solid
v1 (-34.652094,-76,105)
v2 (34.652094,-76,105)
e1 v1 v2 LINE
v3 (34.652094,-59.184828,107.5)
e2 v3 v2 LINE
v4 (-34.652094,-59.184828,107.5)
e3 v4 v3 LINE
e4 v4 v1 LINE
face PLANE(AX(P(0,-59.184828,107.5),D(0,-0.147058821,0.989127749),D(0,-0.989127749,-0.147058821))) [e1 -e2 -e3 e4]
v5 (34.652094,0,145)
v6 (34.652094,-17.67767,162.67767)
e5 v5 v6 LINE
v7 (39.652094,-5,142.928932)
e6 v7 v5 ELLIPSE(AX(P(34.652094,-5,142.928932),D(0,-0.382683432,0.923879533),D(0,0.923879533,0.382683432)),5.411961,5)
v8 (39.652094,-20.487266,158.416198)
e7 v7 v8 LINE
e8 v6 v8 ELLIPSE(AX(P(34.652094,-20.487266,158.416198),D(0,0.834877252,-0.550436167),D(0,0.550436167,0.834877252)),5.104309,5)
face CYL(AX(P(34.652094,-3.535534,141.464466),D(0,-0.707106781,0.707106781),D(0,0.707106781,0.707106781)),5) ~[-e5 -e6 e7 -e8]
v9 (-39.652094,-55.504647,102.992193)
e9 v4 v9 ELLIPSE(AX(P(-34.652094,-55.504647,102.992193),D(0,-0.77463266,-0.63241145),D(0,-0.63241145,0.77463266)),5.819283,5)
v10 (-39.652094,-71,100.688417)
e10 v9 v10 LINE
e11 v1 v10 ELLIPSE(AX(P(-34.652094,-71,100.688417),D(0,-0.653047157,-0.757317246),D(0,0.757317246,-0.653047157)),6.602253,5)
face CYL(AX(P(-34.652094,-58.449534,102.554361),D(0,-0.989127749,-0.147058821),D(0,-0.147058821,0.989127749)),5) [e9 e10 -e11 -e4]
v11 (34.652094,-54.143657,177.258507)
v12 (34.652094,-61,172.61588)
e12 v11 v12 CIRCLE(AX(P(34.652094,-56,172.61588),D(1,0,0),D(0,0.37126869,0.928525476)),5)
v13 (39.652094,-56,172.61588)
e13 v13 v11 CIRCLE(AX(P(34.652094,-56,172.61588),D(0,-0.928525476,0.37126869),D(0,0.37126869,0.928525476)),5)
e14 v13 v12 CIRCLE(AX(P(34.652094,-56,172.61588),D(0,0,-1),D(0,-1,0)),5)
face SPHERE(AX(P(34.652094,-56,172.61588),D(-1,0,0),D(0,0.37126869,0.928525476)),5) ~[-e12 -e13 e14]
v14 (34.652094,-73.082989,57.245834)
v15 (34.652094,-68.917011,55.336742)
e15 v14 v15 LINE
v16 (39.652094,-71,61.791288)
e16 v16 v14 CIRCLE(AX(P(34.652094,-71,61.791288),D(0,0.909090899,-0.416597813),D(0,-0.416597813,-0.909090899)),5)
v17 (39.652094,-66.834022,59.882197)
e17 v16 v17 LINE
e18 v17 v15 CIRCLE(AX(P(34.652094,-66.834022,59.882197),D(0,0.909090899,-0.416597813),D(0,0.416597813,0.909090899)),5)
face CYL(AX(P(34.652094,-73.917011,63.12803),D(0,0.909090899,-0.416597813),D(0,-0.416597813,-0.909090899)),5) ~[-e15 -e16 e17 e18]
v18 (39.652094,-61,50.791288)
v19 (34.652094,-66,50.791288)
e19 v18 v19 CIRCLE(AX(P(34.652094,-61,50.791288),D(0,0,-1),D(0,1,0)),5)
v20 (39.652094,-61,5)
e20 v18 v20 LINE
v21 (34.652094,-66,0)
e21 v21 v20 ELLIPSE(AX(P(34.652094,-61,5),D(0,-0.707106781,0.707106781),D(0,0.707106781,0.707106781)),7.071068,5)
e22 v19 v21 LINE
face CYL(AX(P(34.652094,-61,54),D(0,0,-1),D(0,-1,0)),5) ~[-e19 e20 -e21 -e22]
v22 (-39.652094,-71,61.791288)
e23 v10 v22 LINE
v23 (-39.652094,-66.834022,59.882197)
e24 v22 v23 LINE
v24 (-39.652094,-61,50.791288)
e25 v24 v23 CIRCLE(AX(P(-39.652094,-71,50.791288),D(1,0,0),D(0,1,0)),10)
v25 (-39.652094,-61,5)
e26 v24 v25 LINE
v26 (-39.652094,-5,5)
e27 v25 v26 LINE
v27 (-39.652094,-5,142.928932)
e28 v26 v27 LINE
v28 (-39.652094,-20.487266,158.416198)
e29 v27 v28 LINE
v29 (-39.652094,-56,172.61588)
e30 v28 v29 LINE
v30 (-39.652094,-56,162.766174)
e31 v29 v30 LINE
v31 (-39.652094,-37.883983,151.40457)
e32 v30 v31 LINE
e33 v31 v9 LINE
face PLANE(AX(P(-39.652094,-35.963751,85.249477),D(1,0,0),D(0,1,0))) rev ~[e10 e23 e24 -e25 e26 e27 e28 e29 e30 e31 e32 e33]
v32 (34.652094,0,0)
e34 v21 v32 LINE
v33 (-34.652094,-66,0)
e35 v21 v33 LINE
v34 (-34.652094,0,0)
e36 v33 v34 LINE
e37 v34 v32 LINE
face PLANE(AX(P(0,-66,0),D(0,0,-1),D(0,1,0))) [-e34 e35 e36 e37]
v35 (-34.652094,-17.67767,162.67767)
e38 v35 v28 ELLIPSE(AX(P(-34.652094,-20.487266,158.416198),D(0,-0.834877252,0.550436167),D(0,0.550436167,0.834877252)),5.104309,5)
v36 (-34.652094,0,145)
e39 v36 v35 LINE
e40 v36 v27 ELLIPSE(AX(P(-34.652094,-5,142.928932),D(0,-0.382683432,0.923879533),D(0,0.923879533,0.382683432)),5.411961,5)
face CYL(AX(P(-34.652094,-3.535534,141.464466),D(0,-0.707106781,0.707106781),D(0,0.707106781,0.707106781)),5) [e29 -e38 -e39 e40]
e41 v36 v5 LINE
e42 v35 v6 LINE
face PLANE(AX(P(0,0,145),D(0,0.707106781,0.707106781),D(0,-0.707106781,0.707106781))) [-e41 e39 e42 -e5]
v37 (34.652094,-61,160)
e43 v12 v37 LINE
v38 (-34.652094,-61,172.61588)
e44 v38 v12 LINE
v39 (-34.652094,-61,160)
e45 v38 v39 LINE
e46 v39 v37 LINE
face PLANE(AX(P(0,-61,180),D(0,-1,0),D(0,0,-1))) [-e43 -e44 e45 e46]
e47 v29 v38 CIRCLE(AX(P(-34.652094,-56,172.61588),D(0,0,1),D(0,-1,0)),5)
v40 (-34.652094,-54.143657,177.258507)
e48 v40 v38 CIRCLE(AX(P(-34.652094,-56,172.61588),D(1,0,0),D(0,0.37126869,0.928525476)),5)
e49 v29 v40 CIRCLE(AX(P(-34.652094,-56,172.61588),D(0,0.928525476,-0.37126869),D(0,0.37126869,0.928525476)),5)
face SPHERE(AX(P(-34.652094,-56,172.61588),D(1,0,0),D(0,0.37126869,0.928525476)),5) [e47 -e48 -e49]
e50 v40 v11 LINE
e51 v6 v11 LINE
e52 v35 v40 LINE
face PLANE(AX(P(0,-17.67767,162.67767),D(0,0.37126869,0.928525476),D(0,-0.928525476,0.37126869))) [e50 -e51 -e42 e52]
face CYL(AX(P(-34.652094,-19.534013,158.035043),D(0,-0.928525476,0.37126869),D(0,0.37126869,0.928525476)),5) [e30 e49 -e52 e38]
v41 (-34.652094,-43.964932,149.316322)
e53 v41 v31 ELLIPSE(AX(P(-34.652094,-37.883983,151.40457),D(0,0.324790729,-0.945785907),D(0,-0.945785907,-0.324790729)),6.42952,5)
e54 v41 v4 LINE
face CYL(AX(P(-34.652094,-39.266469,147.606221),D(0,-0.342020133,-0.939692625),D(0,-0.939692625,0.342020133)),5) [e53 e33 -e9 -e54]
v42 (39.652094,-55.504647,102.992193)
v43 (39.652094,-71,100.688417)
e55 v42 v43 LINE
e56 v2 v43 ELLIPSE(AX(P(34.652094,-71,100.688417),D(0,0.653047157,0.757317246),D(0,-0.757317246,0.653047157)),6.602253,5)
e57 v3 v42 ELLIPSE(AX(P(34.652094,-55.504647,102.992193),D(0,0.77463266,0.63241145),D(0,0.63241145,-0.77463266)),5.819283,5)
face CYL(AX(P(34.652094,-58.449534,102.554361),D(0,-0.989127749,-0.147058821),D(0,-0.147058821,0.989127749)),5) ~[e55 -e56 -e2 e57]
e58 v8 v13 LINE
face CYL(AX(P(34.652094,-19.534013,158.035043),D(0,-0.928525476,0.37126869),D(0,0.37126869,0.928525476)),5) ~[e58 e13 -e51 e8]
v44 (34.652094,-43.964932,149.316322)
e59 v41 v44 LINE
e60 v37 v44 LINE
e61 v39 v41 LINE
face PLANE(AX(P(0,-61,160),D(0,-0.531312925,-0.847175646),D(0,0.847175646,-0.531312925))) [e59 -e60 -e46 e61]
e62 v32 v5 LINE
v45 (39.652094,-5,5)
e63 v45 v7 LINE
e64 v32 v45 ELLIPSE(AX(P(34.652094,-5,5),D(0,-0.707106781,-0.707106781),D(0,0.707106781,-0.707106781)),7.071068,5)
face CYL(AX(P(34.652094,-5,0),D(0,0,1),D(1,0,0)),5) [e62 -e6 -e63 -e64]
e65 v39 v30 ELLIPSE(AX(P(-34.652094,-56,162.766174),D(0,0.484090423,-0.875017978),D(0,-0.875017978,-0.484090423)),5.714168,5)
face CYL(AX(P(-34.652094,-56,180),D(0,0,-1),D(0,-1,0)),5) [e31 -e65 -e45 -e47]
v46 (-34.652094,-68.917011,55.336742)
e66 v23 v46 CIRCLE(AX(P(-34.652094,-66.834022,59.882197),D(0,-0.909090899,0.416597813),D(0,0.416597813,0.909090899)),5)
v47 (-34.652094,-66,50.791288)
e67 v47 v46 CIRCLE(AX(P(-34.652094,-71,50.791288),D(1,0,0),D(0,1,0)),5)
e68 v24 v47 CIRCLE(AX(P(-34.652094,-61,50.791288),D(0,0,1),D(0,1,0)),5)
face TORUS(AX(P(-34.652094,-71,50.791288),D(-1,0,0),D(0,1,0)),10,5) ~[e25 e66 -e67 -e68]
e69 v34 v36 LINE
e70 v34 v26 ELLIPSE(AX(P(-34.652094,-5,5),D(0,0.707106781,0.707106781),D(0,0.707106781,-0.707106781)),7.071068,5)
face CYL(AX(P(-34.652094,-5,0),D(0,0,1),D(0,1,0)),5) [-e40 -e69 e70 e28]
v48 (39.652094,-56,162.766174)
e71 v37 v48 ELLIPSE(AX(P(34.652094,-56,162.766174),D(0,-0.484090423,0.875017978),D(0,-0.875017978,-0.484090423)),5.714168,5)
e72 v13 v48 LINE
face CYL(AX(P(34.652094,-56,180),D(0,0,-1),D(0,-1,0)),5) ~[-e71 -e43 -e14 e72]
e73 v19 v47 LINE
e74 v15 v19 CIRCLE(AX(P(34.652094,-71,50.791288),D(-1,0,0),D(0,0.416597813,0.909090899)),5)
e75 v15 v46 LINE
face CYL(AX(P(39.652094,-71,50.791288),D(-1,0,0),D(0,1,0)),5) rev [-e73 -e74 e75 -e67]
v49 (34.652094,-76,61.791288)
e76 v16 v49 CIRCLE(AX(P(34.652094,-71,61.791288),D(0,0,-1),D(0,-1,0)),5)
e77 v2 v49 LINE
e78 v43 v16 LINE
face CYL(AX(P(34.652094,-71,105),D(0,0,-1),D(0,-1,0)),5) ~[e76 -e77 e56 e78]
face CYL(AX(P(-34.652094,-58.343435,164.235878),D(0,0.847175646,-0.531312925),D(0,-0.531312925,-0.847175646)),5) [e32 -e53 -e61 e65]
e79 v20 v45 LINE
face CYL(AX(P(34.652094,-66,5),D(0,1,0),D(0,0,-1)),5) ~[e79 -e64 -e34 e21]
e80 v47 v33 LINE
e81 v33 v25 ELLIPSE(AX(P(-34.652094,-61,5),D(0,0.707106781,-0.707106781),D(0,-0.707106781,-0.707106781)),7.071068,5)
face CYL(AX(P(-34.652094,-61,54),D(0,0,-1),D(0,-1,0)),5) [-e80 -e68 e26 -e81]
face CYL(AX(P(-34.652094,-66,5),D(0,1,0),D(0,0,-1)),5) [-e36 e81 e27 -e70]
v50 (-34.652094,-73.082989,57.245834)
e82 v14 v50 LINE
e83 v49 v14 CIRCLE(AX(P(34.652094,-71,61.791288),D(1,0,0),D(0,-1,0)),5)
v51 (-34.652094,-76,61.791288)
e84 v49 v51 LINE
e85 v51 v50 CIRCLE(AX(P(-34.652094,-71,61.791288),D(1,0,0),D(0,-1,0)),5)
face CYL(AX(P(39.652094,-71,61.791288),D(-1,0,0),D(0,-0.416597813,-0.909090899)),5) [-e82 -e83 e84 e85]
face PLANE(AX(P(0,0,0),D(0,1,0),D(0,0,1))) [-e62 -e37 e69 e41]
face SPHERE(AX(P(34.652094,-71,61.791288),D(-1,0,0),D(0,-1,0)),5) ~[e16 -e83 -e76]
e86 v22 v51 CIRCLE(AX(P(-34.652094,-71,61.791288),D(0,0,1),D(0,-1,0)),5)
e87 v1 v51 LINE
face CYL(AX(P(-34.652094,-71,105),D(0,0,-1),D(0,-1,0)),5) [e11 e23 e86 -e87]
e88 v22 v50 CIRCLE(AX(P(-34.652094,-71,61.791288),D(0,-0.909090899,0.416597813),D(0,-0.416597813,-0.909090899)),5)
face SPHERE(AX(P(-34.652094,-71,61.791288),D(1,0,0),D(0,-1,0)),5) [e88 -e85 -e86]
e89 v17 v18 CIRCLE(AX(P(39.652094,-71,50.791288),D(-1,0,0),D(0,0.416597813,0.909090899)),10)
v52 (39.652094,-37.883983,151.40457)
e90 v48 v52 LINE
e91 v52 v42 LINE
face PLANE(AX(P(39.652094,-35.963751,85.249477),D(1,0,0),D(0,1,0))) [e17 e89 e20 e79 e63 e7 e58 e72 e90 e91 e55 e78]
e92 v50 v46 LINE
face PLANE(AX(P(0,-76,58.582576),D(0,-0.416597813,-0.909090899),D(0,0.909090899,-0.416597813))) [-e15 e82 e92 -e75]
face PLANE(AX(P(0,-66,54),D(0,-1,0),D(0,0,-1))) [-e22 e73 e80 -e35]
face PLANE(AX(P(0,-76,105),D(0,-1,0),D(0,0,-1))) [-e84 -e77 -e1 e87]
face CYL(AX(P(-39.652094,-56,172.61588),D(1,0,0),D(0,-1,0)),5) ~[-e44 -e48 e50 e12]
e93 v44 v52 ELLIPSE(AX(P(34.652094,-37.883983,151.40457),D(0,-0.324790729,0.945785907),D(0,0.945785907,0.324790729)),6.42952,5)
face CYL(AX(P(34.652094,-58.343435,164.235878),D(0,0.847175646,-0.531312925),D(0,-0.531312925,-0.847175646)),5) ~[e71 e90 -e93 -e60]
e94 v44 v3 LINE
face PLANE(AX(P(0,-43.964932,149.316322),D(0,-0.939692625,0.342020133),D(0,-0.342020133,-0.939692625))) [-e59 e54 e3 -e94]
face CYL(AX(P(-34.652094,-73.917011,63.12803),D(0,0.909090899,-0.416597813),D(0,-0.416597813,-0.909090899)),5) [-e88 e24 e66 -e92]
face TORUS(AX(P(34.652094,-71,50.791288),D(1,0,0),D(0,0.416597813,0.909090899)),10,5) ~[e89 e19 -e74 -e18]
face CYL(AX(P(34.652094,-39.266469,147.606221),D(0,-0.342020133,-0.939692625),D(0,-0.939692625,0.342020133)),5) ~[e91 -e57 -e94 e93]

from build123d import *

# Parameters (mm, degrees)
F1_DEPTH = 39.652094
F2_R     = 5


with BuildPart() as f1:
    # F0 (on Right) → F1 (new body, symmetric)
    with BuildSketch(Plane.YZ):
        Polygon((-66, 0), (0, 0), (0, 145), (-17.67767, 162.67767), (-61, 180), (-61, 160), (-43.964932, 149.316322), (-59.184828, 107.5), (-76, 105), (-76, 58.582576), (-66, 54), align=None)
    extrude(amount=F1_DEPTH, both=True)

    # F2
    f2_edges = [f1.edges().sort_by_distance(p)[0] for p in [
        (0, -76, 58.582576),
        (0, -66, 54),
        (-39.652094, -66, 27),
        (-39.652094, -76, 81.791288),
        (-39.652094, -67.592414, 106.25),
        (-39.652094, -51.57488, 128.408161),
        (-39.652094, -33, 0),
        (-39.652094, 0, 72.5),
        (-39.652094, -8.838835, 153.838835),
        (-39.652094, -39.338835, 171.338835),
        (-39.652094, -61, 170),
        (-39.652094, -52.482466, 154.658161),
        (-39.652094, -71, 56.291288),
        (39.652094, -33, 0),
        (39.652094, 0, 72.5),
        (39.652094, -8.838835, 153.838835),
        (39.652094, -39.338835, 171.338835),
        (39.652094, -61, 170),
        (39.652094, -52.482466, 154.658161),
        (39.652094, -51.57488, 128.408161),
        (39.652094, -67.592414, 106.25),
        (39.652094, -76, 81.791288),
        (39.652094, -71, 56.291288),
        (39.652094, -66, 27),
        (0, -61, 180),
    ]]
    fillet(f2_edges, radius=F2_R)


solid = f1.part
